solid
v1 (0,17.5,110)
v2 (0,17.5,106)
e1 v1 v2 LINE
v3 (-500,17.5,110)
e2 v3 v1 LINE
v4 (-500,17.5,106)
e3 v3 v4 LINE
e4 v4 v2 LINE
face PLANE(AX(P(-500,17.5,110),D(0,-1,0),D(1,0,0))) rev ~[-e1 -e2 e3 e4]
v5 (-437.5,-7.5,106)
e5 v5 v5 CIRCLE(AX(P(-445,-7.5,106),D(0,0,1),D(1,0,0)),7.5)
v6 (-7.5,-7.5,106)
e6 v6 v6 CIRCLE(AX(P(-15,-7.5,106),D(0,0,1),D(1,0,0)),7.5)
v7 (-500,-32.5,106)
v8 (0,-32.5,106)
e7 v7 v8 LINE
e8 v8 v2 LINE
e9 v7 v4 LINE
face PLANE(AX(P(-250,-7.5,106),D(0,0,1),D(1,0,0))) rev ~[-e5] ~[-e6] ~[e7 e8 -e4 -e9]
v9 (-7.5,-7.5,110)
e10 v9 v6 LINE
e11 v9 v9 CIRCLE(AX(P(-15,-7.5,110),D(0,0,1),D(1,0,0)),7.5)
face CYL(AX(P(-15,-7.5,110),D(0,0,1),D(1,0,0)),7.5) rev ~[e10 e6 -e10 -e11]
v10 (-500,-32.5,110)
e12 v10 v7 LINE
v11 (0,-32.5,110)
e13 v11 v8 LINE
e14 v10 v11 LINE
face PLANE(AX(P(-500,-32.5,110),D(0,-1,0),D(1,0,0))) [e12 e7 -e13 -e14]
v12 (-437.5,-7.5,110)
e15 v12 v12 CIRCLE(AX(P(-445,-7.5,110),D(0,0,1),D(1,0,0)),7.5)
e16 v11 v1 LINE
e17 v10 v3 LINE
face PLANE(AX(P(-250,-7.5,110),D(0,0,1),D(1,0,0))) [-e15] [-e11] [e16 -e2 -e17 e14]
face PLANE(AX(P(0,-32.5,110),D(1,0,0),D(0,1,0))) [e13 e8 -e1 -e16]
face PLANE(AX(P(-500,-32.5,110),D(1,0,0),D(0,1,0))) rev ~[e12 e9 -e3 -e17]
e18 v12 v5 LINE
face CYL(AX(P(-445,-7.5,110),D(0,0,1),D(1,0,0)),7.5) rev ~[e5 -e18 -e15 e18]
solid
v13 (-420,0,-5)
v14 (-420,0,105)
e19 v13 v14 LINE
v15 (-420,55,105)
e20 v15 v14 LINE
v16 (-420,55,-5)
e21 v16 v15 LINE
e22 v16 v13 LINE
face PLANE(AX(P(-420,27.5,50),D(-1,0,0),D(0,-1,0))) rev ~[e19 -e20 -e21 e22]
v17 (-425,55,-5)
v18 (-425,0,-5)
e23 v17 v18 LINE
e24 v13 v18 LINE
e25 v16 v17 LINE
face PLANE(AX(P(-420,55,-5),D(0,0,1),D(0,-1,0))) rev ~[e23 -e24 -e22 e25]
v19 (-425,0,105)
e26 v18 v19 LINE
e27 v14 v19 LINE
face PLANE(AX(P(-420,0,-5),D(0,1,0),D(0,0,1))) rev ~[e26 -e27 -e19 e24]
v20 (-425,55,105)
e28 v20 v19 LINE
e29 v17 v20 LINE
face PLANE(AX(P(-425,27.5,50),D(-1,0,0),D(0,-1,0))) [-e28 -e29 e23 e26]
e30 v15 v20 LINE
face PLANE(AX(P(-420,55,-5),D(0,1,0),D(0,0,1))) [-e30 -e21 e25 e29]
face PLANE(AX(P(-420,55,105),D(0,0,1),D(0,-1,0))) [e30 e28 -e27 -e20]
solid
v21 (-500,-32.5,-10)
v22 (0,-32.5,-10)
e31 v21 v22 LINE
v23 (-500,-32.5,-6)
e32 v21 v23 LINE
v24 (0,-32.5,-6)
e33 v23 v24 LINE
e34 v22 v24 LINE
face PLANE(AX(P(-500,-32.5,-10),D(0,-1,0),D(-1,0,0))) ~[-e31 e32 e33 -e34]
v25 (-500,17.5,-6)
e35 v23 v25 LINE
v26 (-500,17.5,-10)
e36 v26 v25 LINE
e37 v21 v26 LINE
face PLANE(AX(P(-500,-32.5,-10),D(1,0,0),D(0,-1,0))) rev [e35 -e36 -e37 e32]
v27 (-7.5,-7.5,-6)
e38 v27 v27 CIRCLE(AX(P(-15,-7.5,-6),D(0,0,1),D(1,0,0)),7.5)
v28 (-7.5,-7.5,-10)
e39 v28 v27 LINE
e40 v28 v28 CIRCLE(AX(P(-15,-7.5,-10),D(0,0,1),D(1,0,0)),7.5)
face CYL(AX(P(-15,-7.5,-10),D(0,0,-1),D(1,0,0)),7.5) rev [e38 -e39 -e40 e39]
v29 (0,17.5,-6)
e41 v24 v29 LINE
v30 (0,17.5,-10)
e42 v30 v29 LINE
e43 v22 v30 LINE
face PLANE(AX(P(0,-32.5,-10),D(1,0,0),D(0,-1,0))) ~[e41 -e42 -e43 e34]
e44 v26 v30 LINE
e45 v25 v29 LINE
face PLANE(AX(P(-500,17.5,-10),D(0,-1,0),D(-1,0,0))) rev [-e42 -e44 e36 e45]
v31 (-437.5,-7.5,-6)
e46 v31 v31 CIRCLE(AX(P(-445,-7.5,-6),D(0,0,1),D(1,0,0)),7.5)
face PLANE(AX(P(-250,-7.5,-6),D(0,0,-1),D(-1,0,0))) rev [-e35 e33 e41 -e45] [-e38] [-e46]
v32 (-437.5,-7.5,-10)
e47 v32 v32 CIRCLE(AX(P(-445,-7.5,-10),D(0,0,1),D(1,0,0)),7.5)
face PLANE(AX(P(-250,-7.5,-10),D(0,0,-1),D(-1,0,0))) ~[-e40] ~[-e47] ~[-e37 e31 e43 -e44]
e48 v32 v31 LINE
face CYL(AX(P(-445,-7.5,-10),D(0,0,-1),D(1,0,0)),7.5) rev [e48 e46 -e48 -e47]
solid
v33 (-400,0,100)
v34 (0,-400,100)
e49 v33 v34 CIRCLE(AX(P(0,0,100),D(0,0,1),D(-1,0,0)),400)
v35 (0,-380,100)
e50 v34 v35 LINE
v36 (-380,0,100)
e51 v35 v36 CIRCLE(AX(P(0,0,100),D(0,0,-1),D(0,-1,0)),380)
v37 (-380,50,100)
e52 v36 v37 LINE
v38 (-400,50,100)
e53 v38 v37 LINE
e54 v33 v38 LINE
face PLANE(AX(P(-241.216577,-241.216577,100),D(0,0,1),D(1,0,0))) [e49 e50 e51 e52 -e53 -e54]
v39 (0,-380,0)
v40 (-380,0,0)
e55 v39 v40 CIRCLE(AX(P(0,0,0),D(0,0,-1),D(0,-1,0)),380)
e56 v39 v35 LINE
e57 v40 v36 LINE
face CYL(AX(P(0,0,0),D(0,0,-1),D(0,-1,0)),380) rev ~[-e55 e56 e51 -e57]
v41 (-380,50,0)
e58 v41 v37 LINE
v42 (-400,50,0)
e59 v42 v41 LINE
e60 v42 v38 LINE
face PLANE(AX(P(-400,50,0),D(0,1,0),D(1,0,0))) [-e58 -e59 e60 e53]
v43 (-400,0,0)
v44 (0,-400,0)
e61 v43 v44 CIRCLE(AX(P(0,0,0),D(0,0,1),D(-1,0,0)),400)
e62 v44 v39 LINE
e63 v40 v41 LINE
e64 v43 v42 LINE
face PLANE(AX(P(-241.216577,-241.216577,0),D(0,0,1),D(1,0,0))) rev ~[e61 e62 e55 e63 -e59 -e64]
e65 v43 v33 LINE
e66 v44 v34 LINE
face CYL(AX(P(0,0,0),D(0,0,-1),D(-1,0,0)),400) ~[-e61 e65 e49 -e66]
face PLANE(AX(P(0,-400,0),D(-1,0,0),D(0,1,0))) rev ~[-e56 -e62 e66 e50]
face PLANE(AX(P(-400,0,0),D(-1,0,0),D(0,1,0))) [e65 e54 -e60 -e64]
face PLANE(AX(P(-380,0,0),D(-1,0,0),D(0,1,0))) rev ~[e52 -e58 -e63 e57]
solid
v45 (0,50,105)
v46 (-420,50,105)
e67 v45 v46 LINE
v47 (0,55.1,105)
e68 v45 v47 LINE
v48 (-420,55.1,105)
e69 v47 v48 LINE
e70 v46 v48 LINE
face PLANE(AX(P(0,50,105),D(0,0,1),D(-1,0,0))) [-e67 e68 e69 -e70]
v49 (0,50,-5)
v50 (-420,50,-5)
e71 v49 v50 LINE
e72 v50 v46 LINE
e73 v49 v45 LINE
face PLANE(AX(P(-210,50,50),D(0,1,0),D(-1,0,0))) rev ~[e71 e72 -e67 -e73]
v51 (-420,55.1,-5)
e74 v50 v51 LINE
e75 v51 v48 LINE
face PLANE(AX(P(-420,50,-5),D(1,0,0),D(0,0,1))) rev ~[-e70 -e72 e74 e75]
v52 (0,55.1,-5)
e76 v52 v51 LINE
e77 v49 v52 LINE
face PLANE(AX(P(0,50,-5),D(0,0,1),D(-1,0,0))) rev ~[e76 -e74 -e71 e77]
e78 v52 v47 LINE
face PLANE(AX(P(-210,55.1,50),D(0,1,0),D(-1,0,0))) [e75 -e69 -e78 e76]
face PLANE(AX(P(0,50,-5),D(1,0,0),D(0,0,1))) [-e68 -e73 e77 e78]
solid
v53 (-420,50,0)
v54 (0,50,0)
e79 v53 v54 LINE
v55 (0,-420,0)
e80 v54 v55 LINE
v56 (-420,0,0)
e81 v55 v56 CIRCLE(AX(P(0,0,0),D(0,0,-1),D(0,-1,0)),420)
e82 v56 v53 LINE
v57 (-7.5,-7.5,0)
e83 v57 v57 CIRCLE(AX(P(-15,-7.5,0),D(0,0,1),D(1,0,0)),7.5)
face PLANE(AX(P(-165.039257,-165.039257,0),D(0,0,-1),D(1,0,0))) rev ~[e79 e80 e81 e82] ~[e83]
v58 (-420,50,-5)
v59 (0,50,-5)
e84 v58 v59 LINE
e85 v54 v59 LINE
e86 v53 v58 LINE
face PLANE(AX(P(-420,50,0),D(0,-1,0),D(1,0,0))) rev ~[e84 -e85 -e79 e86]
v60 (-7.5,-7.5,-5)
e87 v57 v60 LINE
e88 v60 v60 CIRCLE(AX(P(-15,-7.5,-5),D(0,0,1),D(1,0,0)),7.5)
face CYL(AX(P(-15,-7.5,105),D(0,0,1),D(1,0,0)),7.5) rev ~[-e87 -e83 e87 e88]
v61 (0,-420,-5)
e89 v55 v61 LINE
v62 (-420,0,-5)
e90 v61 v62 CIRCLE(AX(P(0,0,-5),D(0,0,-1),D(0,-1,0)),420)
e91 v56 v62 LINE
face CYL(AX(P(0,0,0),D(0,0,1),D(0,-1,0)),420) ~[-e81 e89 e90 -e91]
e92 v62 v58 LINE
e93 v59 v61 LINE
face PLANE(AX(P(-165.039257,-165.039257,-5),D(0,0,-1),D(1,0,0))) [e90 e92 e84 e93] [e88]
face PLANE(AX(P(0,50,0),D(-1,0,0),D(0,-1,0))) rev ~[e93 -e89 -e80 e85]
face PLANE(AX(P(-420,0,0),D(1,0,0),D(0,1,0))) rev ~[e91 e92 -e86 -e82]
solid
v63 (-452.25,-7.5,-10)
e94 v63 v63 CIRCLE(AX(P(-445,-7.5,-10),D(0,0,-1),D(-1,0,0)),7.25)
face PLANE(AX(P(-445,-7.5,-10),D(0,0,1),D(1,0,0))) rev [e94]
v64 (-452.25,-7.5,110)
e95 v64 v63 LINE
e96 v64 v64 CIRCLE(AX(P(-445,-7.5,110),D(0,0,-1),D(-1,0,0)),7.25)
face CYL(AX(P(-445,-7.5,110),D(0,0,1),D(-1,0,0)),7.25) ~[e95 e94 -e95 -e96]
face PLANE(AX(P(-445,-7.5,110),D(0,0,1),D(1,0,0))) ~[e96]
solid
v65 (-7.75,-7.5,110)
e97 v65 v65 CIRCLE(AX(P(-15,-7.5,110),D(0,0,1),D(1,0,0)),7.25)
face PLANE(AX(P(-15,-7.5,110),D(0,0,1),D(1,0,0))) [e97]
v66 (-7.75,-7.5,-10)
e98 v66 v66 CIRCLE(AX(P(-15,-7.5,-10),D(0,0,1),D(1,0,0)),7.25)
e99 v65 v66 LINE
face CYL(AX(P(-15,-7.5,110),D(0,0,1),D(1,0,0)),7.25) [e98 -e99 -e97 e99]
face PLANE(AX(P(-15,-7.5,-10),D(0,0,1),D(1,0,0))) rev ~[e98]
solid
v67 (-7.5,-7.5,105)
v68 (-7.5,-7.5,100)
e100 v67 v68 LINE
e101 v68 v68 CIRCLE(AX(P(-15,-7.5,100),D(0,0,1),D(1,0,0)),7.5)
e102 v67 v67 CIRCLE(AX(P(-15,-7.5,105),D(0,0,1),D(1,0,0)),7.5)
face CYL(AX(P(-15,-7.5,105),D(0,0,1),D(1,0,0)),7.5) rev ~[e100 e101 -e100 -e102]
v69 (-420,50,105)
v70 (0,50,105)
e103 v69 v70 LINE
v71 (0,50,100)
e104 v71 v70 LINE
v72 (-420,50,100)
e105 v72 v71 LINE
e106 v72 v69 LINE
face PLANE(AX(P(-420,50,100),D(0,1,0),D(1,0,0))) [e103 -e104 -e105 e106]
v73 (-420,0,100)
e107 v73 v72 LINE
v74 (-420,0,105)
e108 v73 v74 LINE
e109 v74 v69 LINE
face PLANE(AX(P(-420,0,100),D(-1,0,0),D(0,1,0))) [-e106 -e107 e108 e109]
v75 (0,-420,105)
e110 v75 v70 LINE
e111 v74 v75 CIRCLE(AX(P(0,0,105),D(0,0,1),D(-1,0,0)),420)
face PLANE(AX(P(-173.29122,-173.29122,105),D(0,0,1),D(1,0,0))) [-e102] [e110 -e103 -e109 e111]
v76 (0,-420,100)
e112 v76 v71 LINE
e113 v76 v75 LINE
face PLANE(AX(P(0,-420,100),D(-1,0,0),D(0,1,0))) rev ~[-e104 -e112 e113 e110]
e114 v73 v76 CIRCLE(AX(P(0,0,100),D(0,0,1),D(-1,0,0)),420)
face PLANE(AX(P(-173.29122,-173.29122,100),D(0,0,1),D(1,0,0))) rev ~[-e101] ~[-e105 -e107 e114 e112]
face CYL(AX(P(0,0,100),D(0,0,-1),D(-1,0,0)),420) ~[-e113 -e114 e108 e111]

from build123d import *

# Parameters (mm, degrees)
F0_W      = 20
F0_H      = 50
F1_DEPTH  = 100
F4_DEPTH  = 5
F6_W      = 420
F6_H      = 50
F7_DEPTH  = 5
F9_W      = 420
F9_H      = 110
F10_DEPTH = 5.1
F11_R     = 7.5
F12_DEPTH = 110.001
F14_R     = 7.25
F15_DEPTH = 120
F17_W     = 500
F17_H     = 50
F17_R     = 7.5
F18_DEPTH = 4
F24_W     = 55
F24_H     = 110
F25_DEPTH = 5


with BuildPart() as f1:
    # F0 (on Top) → F1 (new body)
    with BuildSketch(Plane.XY):
        with BuildLine():
            ThreePointArc((0, -380), (-268.7005768509, -268.7005768509), (-380, 0))
            Line((-380, 0), (-400, 0))
            ThreePointArc((-400, 0), (-282.8427124746, -282.8427124746), (0, -400))
            Line((0, -400), (0, -380))
        make_face()
        with Locations((-390, 25)):
            Rectangle(F0_W, F0_H)
    extrude(amount=F1_DEPTH)


with BuildPart() as f4:
    # F3 (on offset) → F4 (new body)
    with BuildSketch(Plane(origin=(0, 0, 0), x_dir=(1, 0, 0), z_dir=(0, 0, -1))):
        with BuildLine():
            Line((-400, 0), (0, 0))
            Line((0, 0), (0, 400))
            ThreePointArc((0, 400), (-282.8427124746, 282.8427124746), (-400, 0))
        make_face()
        Polygon((0, -50), (0, 0), (-400, 0), (-420, 0), (-420, -50), align=None)
        with BuildLine():
            ThreePointArc((-400, 0), (-282.8427124746, 282.8427124746), (0, 400))
            Line((0, 400), (0, 420))
            ThreePointArc((0, 420), (-296.9848480984, 296.9848480984), (-420, 0))
            Line((-420, 0), (-400, 0))
        make_face()
    extrude(amount=F4_DEPTH)


with BuildPart() as f7:
    # F6 (on offset) → F7 (new body)
    with BuildSketch(Plane.XY.offset(100)):
        with BuildLine():
            Line((0, -420), (0, 0))
            Line((0, 0), (-420, 0))
            ThreePointArc((-420, 0), (-296.9848480984, -296.9848480984), (0, -420))
        make_face()
        with Locations((-210, 25)):
            Rectangle(F6_W, F6_H)
    extrude(amount=F7_DEPTH)


with BuildPart() as f10:
    # F9 (on offset) → F10 (new body)
    with BuildSketch(Plane(origin=(0, 50, 0), x_dir=(-1, 0, 0), z_dir=(0, 1, 0))):
        with Locations((210, 50)):
            Rectangle(F9_W, F9_H)
    extrude(amount=F10_DEPTH)


with BuildPart() as f12_tool:
    # F11 (on face) → F12 (new body, through all)
    with BuildSketch(Plane.XY.offset(105)):
        with Locations((-15, -7.5)):
            Circle(F11_R)
    extrude(amount=-F12_DEPTH)


with BuildPart() as f4_1:
    add(f4.part)

    # F12: cut by f12_tool
    add(f12_tool.part, mode=Mode.SUBTRACT)


with BuildPart() as f7_1:
    add(f7.part)

    # F12: cut by f12_tool
    add(f12_tool.part, mode=Mode.SUBTRACT)


with BuildPart() as f15:
    # F14 (on offset) → F15 (new body)
    with BuildSketch(Plane.XY.offset(110)):
        with Locations((-15, -7.5)):
            Circle(F14_R)
    extrude(amount=-F15_DEPTH)


with BuildPart() as f18:
    # F17 (on offset) → F18 (new body)
    with BuildSketch(Plane.XY.offset(110)):
        with Locations((-250, -7.5)):
            Rectangle(F17_W, F17_H)
        with Locations((-445, -7.5)):
            Circle(F17_R, mode=Mode.SUBTRACT)
        with Locations((-15, -7.5)):
            Circle(F17_R, mode=Mode.SUBTRACT)
    extrude(amount=-F18_DEPTH)


with BuildPart() as f20_1:
    # F20: instance of F18
    add(f18.part.mirror(Plane(origin=(-259.0259524442, -227.7104241093, 50), x_dir=(1, 0, 0), z_dir=(0, 0, 1))))


with BuildPart() as f22_1:
    # F22: instance of F15
    add(f15.part.mirror(Plane(origin=(-230, -185, 102.5), x_dir=(0, 1, 0), z_dir=(1, 0, 0))))


with BuildPart() as f25:
    # F24 (on offset) → F25 (new body)
    with BuildSketch(Plane(origin=(-420, 0, 0), x_dir=(0, -1, 0), z_dir=(-1, 0, 0))):
        with Locations((-27.5, 50)):
            Rectangle(F24_W, F24_H)
    extrude(amount=F25_DEPTH)


solid = Compound([f1.part, f10.part, f4_1.part, f7_1.part, f15.part, f18.part, f20_1.part, f22_1.part, f25.part])
